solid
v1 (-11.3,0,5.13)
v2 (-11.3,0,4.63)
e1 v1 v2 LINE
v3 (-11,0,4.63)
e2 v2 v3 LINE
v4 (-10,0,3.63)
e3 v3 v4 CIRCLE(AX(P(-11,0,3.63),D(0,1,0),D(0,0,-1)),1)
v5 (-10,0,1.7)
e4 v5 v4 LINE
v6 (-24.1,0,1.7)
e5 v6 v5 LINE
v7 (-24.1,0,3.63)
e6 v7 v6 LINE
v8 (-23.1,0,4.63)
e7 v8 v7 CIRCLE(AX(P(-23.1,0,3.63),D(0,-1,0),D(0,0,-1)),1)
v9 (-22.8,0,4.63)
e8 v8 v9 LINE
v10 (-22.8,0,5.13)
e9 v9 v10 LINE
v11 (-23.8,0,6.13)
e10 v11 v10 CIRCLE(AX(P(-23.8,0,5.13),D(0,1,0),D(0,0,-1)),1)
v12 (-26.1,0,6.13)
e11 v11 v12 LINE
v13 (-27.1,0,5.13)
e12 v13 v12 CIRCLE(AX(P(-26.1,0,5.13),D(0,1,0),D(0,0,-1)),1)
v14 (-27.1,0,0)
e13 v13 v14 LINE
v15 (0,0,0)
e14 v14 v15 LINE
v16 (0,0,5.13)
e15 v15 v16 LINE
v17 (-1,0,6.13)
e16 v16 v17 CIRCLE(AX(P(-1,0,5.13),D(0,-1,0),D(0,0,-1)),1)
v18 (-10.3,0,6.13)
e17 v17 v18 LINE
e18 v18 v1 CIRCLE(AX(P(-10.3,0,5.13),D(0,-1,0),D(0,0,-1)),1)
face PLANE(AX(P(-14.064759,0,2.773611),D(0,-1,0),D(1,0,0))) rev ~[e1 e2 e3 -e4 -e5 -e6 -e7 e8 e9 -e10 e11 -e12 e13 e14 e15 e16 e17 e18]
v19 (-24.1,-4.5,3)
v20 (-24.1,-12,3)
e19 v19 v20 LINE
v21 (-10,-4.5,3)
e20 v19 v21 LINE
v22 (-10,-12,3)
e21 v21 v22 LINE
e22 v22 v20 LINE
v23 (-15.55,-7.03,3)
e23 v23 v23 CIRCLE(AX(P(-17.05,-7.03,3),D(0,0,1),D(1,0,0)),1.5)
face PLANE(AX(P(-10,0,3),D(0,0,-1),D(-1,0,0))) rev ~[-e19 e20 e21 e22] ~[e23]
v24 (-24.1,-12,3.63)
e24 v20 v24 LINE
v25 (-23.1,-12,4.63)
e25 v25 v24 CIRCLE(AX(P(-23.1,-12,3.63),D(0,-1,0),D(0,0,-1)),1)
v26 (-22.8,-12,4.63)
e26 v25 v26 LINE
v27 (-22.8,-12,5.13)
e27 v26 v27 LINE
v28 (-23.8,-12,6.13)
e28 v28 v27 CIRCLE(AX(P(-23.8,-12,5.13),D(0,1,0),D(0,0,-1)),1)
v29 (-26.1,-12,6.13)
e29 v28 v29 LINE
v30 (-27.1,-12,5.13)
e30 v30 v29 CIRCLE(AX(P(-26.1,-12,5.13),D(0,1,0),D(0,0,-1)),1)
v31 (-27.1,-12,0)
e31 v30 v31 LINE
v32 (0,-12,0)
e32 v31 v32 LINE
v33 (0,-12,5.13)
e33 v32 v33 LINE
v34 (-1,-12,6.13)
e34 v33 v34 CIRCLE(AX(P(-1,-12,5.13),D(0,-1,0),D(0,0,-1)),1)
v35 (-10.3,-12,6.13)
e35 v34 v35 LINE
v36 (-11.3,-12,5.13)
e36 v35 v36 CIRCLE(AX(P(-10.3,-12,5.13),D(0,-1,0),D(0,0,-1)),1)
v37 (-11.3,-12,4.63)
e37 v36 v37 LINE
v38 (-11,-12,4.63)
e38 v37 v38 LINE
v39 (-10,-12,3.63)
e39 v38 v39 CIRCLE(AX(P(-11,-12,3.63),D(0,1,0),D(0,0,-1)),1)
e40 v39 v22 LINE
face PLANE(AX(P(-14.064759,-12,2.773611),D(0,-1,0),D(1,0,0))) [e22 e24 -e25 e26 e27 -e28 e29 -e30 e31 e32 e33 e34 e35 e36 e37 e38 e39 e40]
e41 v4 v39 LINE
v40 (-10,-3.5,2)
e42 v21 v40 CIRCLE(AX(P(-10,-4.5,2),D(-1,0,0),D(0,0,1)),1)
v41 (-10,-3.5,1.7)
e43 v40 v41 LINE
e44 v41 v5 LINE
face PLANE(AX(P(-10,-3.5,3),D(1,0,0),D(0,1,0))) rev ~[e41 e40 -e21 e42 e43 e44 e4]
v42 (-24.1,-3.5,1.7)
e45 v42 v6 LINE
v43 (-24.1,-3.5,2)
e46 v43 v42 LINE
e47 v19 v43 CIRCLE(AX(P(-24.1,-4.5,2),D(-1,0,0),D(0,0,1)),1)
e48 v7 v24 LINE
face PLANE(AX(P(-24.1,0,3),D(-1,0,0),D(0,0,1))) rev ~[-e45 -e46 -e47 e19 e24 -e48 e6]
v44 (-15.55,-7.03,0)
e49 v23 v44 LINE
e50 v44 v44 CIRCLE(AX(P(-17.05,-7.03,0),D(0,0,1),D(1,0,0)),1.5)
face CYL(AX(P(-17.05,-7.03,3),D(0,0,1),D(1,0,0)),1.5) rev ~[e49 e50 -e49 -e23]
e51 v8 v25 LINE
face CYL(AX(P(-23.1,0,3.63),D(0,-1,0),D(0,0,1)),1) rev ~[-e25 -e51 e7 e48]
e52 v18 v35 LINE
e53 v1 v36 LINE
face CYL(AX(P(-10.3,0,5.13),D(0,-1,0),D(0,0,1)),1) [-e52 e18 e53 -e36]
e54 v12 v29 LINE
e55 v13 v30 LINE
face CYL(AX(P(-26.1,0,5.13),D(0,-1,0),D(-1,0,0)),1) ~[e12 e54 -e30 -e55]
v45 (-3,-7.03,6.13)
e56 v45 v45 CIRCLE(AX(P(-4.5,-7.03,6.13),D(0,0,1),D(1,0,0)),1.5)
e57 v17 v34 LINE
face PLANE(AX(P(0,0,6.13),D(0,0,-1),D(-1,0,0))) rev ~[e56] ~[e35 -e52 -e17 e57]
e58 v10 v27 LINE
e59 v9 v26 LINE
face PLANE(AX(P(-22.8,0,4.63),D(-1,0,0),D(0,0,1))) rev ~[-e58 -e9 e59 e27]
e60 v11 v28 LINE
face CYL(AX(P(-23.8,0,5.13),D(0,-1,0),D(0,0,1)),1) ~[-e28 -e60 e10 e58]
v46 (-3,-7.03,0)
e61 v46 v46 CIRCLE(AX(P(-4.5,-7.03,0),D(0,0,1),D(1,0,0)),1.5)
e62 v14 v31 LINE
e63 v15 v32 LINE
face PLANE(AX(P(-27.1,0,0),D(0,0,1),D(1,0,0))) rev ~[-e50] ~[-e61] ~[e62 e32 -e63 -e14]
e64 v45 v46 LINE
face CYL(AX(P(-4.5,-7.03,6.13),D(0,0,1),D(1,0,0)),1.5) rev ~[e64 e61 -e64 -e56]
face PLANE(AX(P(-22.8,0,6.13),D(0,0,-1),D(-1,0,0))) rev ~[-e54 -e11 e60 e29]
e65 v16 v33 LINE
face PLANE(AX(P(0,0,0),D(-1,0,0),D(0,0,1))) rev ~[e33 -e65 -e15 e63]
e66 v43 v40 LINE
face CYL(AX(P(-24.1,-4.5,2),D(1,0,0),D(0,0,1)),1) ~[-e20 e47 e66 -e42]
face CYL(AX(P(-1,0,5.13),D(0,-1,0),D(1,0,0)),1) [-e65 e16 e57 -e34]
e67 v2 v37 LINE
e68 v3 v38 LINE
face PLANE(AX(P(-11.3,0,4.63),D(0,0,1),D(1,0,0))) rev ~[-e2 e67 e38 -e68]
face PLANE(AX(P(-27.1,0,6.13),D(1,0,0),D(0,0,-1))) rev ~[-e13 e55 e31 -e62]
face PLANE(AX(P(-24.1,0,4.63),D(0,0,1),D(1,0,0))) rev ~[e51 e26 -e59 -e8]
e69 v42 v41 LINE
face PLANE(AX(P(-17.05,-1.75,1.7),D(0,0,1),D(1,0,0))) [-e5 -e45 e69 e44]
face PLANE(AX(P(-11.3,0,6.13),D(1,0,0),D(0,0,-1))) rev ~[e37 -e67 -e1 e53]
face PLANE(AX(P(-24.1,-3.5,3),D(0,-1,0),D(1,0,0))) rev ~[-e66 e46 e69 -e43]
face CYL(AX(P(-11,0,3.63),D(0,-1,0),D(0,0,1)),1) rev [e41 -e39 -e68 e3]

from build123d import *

# Parameters (mm, degrees)
F1_DEPTH = 12
F2_W     = 14.1
F2_H     = 3.5
F3_DEPTH = 1.3
F4_R     = 1.5
F5_DEPTH = 3
F6_R     = 1.5
F7_DEPTH = 6.13
F8_R     = 1
F9_R     = 1


with BuildPart() as f1:
    # F0 (on Front) → F1 (new body)
    with BuildSketch(Plane.XZ):
        Polygon((-27.1, 0), (0, 0), (0, 6.13), (-11.3, 6.13), (-11.3, 4.63), (-10, 4.63), (-10, 3), (-24.1, 3), (-24.1, 4.63), (-22.8, 4.63), (-22.8, 6.13), (-27.1, 6.13), align=None)
    extrude(amount=F1_DEPTH)

    # F2 (on face) → F3 (cut)
    with BuildSketch(Plane.XY.offset(3)):
        with Locations((-17.05, -1.75)):
            Rectangle(F2_W, F2_H)
    extrude(amount=-F3_DEPTH, mode=Mode.SUBTRACT)

    # F4 (on face) → F5 (cut, through all)
    with BuildSketch(Plane.XY.offset(3)):
        with Locations((-17.05, -7.03)):
            Circle(F4_R)
    extrude(amount=-F5_DEPTH, mode=Mode.SUBTRACT)

    # F6 (on face) → F7 (cut, through all)
    with BuildSketch(Plane.XY.offset(6.13)):
        with Locations((-4.5, -7.03)):
            Circle(F6_R)
    extrude(amount=-F7_DEPTH, mode=Mode.SUBTRACT)

    # F8
    f8_edges = [f1.edges().sort_by_distance(p)[0] for p in [
        (-22.8, -6, 6.13),
        (-11.3, -6, 6.13),
        (-27.1, -6, 6.13),
        (0, -6, 6.13),
        (-17.05, -3.5, 3),
    ]]
    fillet(f8_edges, radius=F8_R)

    # F9
    f9_edges = [f1.edges().sort_by_distance(p)[0] for p in [
        (-24.1, -6, 4.63),
        (-10, -6, 4.63),
    ]]
    fillet(f9_edges, radius=F9_R)


solid = f1.part
